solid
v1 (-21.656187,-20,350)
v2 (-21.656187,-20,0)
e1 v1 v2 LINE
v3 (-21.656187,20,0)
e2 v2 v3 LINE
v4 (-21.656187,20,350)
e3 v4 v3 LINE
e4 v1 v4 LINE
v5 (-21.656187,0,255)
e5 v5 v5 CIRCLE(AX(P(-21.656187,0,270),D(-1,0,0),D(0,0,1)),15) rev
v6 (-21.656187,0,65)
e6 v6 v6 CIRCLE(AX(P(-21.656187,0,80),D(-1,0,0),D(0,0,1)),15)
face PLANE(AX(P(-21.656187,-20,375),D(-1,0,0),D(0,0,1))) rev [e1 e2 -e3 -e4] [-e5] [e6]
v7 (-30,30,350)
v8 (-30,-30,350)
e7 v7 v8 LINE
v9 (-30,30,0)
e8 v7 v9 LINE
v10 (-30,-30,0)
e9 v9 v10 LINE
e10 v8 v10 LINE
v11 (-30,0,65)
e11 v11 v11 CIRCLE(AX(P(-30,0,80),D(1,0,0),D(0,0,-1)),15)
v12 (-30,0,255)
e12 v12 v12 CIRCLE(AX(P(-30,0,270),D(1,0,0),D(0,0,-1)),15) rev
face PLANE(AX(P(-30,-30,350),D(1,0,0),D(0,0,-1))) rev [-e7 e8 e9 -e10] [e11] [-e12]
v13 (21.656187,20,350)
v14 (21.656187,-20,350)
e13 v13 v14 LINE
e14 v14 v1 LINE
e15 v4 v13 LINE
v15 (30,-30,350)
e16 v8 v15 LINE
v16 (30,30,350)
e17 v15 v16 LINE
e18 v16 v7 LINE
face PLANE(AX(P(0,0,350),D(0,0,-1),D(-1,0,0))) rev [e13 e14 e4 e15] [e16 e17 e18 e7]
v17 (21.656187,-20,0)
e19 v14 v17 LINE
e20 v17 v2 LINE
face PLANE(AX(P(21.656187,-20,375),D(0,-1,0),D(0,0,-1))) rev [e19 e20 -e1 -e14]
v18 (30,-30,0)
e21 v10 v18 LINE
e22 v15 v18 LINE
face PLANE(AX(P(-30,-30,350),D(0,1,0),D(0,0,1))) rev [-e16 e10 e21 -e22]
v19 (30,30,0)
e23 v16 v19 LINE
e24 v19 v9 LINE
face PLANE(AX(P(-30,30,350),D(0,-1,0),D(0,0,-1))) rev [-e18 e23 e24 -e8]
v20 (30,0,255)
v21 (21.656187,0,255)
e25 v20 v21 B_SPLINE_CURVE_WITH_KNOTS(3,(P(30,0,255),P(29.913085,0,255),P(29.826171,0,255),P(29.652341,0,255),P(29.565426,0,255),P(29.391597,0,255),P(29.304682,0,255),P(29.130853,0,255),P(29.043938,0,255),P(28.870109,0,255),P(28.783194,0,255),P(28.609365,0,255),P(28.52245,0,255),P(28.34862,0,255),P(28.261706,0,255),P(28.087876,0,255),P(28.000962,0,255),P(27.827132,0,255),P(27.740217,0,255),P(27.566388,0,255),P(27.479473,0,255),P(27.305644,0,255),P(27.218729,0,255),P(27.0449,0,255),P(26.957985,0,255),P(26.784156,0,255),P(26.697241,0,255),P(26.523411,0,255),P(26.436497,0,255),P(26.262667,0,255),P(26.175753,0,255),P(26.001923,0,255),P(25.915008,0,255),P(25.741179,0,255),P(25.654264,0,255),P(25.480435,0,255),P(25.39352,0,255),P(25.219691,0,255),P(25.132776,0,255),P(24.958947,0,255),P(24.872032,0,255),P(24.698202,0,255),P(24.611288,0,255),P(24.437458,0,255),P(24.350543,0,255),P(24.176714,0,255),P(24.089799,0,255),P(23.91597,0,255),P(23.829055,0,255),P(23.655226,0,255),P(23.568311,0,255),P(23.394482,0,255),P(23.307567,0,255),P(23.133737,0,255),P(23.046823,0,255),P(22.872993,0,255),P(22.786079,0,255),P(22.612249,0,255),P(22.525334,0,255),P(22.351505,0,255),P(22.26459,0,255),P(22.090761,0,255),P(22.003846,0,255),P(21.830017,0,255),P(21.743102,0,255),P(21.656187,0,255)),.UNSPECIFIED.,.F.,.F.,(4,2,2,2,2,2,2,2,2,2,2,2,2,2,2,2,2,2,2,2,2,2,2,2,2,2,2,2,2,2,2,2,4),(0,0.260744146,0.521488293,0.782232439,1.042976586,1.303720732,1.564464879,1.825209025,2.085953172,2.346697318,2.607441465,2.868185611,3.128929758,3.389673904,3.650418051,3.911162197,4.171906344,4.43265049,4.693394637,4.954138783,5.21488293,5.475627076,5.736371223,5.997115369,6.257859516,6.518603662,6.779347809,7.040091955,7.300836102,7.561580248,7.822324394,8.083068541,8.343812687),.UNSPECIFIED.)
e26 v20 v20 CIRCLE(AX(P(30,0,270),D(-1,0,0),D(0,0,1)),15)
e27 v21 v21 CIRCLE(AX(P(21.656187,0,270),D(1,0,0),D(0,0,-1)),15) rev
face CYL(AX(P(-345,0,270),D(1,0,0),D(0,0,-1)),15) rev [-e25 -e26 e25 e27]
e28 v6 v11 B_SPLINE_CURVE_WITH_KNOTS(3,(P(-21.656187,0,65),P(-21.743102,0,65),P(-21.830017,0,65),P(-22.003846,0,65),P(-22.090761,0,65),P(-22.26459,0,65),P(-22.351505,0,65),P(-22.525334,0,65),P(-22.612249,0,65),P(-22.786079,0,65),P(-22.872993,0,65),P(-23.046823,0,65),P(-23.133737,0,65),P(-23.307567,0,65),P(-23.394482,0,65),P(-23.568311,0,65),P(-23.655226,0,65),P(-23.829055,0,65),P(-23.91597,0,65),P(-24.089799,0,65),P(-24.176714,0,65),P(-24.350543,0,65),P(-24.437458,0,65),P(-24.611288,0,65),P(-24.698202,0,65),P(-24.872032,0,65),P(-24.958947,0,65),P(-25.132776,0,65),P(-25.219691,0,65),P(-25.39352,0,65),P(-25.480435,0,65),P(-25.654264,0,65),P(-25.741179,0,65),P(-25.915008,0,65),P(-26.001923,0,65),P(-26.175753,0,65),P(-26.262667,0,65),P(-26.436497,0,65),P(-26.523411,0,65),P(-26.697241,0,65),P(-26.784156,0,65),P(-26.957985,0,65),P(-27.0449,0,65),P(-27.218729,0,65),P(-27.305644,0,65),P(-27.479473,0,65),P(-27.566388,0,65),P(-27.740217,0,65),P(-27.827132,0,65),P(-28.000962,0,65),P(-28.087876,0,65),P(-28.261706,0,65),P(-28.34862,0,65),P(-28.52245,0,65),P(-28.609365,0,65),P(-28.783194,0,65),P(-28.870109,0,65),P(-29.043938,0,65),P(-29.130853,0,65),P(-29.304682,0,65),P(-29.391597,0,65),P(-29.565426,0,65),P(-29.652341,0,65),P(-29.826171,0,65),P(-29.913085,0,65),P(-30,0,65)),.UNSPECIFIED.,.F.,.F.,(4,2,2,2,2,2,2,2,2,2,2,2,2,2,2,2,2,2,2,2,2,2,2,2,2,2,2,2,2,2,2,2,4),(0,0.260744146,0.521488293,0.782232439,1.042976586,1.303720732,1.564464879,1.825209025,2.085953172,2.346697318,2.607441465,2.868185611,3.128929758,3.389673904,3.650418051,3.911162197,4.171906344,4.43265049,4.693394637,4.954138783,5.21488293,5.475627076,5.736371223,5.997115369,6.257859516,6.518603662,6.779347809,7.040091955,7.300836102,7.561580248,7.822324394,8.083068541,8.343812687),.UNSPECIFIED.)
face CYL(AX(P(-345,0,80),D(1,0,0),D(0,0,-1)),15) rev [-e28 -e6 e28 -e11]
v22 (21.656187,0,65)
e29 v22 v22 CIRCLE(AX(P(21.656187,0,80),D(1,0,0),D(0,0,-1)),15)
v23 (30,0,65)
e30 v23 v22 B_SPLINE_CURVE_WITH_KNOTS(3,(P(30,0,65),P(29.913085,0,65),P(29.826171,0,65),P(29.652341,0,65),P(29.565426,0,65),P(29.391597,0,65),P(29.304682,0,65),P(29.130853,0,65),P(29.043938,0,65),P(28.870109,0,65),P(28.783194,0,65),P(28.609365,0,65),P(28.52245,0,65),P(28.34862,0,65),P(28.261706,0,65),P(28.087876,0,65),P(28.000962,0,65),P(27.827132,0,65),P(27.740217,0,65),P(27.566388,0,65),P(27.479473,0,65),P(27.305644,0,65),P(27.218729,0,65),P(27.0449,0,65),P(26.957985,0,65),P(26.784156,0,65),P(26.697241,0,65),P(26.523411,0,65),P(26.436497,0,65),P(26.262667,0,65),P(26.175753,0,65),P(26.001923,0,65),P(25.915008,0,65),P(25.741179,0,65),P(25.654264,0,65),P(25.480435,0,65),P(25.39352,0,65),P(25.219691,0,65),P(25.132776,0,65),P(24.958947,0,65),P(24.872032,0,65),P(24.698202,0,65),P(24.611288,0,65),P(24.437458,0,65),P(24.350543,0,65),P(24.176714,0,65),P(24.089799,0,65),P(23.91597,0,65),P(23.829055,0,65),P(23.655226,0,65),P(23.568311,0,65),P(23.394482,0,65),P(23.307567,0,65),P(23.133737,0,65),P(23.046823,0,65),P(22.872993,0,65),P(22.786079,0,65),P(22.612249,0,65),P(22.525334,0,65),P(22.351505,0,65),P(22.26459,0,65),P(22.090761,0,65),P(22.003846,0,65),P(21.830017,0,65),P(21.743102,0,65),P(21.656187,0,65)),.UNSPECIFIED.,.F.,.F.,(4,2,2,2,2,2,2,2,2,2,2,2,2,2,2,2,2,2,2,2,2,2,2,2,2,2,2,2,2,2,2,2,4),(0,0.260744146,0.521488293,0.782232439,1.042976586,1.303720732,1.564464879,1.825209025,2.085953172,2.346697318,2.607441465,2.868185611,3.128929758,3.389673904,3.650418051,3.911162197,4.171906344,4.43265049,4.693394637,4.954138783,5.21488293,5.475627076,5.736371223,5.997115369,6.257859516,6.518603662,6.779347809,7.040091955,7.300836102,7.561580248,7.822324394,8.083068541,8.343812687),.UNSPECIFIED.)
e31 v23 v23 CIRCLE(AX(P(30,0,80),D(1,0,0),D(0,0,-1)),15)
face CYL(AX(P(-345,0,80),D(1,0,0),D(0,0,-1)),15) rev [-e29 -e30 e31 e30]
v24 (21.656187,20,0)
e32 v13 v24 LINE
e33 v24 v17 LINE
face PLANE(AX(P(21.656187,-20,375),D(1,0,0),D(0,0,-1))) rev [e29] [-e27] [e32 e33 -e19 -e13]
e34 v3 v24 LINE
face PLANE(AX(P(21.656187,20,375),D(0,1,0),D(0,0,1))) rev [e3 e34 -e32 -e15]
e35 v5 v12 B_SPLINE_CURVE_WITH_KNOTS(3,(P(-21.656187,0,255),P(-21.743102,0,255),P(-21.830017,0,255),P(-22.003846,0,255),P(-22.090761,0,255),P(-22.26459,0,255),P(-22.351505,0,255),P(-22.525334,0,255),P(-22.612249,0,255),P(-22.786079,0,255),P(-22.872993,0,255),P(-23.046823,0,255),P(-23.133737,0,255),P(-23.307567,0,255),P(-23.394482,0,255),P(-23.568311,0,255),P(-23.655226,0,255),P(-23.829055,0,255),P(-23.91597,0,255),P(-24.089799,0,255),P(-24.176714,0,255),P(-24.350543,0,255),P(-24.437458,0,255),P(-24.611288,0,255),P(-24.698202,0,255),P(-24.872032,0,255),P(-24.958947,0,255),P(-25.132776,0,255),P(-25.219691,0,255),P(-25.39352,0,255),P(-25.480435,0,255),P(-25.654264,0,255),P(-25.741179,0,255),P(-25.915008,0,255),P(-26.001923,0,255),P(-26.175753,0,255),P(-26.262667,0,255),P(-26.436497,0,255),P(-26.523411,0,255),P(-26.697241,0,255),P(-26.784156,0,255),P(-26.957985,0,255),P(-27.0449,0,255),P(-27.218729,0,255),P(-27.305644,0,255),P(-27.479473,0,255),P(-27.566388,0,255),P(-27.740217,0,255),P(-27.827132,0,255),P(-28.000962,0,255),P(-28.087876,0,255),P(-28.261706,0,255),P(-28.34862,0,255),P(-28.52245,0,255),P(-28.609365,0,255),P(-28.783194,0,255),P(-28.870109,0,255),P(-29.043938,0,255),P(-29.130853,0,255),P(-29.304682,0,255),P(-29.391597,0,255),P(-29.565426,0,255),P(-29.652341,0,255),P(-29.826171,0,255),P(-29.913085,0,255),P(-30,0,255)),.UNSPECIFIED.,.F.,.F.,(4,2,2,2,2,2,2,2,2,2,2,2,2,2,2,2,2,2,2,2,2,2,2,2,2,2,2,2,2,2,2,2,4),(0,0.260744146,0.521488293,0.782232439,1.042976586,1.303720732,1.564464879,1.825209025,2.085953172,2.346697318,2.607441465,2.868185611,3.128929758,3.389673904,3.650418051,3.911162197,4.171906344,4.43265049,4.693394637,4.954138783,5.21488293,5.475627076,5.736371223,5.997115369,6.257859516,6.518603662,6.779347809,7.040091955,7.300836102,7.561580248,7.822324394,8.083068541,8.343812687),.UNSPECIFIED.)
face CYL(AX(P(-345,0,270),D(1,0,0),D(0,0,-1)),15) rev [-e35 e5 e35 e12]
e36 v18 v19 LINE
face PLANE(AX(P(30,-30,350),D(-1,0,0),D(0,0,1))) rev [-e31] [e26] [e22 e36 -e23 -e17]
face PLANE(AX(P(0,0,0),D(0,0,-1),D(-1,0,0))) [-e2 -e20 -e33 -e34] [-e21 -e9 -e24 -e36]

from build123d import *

# Parameters (mm, degrees)
SKETCH1_W           = 60
SKETCH1_H           = 60
BOSS_EXTRUDE1_DEPTH = 350
SKETCH3_W           = 43.312374626
SKETCH3_H           = 40
CUT_EXTRUDE2_DEPTH  = 375
SKETCH4_R           = 15
CUT_EXTRUDE3_DEPTH  = 375


with BuildPart() as part:
    # Sketch1 → Boss-Extrude1 (new body)
    with BuildSketch(Plane.XY):
        Rectangle(SKETCH1_W, SKETCH1_H)
    extrude(amount=BOSS_EXTRUDE1_DEPTH)

    # Sketch3 → Cut-Extrude2 (cut)
    with BuildSketch(Plane(origin=(0, 0, 0), x_dir=(-1, 0, 0), z_dir=(0, 0, -1))):
        Rectangle(SKETCH3_W, SKETCH3_H)
    extrude(amount=-CUT_EXTRUDE2_DEPTH, mode=Mode.SUBTRACT)

    # Sketch4 → Cut-Extrude3 (cut)
    with BuildSketch(Plane(origin=(30, 0, 0), x_dir=(0, 0, -1), z_dir=(1, 0, 0))):
        with Locations((-80, 0)):
            Circle(SKETCH4_R)
    cut_extrude3 = extrude(amount=-CUT_EXTRUDE3_DEPTH, mode=Mode.SUBTRACT)

    # Mirror1: Cut-Extrude3 across plane
    add(cut_extrude3.mirror(Plane(origin=(0, 0, 175), x_dir=(1, 0, 0), z_dir=(0, 0, -1))), mode=Mode.SUBTRACT)


solid = part.part
